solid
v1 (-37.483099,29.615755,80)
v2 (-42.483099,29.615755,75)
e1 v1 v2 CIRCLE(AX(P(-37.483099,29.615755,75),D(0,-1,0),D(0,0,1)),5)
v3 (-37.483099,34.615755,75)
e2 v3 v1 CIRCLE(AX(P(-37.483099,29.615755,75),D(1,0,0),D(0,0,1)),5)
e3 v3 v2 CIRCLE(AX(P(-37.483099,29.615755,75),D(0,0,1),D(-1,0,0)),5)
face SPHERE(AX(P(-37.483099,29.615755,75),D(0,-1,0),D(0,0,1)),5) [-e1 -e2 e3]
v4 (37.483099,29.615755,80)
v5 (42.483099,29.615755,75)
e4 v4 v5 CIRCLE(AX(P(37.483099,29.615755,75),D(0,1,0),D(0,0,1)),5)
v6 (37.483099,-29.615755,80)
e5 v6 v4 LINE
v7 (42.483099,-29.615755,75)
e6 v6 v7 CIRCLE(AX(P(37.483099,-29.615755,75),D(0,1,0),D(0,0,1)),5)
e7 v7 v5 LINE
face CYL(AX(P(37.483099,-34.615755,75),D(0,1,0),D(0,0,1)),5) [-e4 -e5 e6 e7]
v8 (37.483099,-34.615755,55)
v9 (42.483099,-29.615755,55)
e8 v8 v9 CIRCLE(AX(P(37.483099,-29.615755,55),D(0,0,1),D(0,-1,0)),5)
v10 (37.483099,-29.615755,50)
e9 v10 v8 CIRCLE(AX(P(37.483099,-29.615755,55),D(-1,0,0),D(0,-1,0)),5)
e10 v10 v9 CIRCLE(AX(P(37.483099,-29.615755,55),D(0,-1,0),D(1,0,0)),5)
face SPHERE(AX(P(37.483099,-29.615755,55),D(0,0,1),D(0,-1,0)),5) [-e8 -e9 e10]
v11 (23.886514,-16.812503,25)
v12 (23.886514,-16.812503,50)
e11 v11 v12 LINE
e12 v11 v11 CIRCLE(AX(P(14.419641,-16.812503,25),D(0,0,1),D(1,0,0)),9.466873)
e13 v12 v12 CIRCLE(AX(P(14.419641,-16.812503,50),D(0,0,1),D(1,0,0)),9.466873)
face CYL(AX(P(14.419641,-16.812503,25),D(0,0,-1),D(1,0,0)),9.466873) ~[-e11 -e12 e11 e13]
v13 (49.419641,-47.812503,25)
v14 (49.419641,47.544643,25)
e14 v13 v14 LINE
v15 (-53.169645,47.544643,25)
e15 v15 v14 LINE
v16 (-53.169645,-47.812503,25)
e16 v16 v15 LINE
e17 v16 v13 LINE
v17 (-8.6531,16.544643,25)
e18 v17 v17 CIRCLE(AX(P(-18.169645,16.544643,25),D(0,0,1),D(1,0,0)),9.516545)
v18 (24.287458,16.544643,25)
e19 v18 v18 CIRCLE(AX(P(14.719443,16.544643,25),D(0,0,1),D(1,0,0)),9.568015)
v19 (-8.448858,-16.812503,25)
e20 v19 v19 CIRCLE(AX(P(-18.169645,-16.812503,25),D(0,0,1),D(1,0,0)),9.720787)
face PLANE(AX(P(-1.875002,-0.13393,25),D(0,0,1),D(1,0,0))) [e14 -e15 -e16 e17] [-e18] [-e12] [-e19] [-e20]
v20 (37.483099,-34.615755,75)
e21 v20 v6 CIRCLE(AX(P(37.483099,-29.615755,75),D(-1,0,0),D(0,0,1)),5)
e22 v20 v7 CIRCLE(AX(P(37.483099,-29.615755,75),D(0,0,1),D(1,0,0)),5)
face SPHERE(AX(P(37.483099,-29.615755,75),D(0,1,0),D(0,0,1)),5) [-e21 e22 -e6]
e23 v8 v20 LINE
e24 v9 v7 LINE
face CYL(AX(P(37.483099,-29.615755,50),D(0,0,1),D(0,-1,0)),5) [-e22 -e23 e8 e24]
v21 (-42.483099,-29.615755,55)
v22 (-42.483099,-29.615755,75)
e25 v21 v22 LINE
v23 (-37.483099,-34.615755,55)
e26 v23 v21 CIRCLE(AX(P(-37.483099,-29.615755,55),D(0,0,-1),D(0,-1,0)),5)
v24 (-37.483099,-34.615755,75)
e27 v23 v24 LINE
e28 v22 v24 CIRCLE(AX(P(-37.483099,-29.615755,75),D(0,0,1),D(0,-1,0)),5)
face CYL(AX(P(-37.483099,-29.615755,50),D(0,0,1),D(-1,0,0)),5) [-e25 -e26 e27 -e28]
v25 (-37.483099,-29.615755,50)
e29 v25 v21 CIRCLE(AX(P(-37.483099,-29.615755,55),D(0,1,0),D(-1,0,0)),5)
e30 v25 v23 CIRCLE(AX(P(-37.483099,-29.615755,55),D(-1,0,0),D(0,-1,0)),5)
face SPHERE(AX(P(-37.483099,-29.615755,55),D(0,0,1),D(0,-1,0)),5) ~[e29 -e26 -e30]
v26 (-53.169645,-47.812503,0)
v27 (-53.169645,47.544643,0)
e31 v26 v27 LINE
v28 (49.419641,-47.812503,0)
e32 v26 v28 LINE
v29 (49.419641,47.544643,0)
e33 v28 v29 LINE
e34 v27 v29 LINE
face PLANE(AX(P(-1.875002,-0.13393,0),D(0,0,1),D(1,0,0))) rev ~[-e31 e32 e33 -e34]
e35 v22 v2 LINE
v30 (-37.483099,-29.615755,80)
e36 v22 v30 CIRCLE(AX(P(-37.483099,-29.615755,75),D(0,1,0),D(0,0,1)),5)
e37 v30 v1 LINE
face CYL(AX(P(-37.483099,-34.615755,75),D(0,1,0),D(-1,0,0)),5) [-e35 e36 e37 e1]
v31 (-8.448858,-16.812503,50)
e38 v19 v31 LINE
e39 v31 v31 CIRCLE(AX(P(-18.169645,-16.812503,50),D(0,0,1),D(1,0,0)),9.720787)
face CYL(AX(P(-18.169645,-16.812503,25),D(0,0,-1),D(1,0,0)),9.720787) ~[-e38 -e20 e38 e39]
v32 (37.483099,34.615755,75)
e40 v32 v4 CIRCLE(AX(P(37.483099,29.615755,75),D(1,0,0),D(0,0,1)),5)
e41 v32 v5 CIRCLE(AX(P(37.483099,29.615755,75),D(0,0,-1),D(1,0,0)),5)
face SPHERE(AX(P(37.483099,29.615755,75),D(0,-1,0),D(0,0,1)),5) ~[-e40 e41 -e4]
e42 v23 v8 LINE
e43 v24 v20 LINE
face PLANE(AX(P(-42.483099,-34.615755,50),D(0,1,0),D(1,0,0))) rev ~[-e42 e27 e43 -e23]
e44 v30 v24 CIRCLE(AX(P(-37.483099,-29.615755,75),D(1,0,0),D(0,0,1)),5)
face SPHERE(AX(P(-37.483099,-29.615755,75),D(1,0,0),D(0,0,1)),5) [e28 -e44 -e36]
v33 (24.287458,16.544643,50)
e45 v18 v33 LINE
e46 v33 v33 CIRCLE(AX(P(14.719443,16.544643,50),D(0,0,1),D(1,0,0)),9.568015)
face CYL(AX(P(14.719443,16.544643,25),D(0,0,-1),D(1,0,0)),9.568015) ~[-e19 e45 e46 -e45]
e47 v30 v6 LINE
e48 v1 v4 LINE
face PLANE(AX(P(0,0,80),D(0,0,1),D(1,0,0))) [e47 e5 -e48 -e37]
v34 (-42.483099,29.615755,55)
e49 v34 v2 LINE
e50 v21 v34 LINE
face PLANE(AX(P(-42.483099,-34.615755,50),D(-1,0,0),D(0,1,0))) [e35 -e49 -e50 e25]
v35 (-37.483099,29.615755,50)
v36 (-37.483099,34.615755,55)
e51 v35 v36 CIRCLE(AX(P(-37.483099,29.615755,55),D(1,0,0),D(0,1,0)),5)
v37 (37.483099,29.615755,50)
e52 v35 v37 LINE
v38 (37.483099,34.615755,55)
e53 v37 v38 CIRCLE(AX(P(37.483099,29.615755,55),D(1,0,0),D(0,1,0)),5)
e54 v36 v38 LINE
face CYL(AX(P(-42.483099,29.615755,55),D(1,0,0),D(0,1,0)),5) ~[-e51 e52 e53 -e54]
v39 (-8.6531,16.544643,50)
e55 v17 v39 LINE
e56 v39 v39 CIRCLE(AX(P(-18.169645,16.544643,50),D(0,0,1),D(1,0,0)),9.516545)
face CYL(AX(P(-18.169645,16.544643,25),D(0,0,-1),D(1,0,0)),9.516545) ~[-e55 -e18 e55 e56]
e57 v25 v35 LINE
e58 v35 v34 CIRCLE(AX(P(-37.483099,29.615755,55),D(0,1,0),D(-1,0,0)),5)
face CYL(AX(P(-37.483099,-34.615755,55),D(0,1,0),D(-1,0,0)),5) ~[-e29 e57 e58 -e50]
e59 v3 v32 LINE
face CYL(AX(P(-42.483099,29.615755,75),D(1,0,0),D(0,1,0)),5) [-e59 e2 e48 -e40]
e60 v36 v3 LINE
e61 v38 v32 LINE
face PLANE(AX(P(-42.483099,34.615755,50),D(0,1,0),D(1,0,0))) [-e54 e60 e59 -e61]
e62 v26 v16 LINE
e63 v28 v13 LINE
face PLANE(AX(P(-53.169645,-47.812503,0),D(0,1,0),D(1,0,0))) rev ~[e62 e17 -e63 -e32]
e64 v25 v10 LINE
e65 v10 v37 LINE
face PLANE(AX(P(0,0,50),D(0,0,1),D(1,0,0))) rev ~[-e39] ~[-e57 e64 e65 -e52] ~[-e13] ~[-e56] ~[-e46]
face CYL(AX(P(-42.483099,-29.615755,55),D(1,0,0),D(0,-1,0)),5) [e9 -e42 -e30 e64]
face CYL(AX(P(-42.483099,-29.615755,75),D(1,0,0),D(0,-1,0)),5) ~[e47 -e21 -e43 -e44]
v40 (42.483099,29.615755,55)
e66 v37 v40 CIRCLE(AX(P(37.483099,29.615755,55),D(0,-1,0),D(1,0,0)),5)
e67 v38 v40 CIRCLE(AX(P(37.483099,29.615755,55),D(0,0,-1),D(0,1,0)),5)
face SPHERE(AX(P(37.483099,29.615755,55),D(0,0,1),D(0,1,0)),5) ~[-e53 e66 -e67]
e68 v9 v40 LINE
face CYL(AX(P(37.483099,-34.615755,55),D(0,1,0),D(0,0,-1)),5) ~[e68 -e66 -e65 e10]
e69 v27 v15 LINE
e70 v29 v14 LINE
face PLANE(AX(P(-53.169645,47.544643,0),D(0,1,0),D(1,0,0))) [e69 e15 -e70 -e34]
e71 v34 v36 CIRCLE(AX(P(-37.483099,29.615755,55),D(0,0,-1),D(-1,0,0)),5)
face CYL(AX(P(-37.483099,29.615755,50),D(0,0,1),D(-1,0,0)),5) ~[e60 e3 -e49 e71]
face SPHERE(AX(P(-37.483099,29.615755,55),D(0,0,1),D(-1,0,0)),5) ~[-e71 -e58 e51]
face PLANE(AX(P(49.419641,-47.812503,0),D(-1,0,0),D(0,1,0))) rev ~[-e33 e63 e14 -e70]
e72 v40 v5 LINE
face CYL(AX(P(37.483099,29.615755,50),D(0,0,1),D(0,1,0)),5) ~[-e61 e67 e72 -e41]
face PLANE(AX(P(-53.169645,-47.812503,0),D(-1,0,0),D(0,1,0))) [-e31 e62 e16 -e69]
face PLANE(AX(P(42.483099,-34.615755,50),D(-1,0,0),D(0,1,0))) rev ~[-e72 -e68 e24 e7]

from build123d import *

# Parameters (mm, degrees)
F0_W     = 102.589286
F0_H     = 95.357146
F1_DEPTH = 25
F2_R     = 9.568015
F2_R_2   = 9.516545
F2_R_3   = 9.720787
F2_R_4   = 9.466873
F3_DEPTH = 25
F4_W     = 84.966198
F4_H     = 69.23151
F5_DEPTH = 30
F6_R     = 5


with BuildPart() as f1:
    # F0 (on Top) → F1 (new body)
    with BuildSketch(Plane.XY):
        with Locations((-1.875002, -0.13393)):
            Rectangle(F0_W, F0_H)
    extrude(amount=F1_DEPTH)

    # F2 (on face) → F3 (join)
    with BuildSketch(Plane.XY.offset(25)):
        with Locations((14.719443, 16.544643)):
            Circle(F2_R)
        with Locations((-18.169645, 16.544643)):
            Circle(F2_R_2)
        with Locations((-18.169645, -16.812503)):
            Circle(F2_R_3)
        with Locations((14.419641, -16.812503)):
            Circle(F2_R_4)
    extrude(amount=F3_DEPTH)

    # F4 (on face) → F5 (join)
    with BuildSketch(Plane.XY.offset(50)):
        Rectangle(F4_W, F4_H)
    extrude(amount=F5_DEPTH)

    # F6
    f6_edges = [f1.edges().sort_by_distance(p)[0] for p in [
        (42.483099, 0, 80),
        (0, -34.615755, 80),
        (-42.483099, 0, 80),
        (0, 34.615755, 80),
        (42.483099, -34.615755, 65),
        (42.483099, 34.615755, 65),
        (-42.483099, 34.615755, 65),
        (-42.483099, -34.615755, 65),
        (0, -34.615755, 50),
        (-42.483099, 0, 50),
        (0, 34.615755, 50),
        (42.483099, 0, 50),
    ]]
    fillet(f6_edges, radius=F6_R)


solid = f1.part
